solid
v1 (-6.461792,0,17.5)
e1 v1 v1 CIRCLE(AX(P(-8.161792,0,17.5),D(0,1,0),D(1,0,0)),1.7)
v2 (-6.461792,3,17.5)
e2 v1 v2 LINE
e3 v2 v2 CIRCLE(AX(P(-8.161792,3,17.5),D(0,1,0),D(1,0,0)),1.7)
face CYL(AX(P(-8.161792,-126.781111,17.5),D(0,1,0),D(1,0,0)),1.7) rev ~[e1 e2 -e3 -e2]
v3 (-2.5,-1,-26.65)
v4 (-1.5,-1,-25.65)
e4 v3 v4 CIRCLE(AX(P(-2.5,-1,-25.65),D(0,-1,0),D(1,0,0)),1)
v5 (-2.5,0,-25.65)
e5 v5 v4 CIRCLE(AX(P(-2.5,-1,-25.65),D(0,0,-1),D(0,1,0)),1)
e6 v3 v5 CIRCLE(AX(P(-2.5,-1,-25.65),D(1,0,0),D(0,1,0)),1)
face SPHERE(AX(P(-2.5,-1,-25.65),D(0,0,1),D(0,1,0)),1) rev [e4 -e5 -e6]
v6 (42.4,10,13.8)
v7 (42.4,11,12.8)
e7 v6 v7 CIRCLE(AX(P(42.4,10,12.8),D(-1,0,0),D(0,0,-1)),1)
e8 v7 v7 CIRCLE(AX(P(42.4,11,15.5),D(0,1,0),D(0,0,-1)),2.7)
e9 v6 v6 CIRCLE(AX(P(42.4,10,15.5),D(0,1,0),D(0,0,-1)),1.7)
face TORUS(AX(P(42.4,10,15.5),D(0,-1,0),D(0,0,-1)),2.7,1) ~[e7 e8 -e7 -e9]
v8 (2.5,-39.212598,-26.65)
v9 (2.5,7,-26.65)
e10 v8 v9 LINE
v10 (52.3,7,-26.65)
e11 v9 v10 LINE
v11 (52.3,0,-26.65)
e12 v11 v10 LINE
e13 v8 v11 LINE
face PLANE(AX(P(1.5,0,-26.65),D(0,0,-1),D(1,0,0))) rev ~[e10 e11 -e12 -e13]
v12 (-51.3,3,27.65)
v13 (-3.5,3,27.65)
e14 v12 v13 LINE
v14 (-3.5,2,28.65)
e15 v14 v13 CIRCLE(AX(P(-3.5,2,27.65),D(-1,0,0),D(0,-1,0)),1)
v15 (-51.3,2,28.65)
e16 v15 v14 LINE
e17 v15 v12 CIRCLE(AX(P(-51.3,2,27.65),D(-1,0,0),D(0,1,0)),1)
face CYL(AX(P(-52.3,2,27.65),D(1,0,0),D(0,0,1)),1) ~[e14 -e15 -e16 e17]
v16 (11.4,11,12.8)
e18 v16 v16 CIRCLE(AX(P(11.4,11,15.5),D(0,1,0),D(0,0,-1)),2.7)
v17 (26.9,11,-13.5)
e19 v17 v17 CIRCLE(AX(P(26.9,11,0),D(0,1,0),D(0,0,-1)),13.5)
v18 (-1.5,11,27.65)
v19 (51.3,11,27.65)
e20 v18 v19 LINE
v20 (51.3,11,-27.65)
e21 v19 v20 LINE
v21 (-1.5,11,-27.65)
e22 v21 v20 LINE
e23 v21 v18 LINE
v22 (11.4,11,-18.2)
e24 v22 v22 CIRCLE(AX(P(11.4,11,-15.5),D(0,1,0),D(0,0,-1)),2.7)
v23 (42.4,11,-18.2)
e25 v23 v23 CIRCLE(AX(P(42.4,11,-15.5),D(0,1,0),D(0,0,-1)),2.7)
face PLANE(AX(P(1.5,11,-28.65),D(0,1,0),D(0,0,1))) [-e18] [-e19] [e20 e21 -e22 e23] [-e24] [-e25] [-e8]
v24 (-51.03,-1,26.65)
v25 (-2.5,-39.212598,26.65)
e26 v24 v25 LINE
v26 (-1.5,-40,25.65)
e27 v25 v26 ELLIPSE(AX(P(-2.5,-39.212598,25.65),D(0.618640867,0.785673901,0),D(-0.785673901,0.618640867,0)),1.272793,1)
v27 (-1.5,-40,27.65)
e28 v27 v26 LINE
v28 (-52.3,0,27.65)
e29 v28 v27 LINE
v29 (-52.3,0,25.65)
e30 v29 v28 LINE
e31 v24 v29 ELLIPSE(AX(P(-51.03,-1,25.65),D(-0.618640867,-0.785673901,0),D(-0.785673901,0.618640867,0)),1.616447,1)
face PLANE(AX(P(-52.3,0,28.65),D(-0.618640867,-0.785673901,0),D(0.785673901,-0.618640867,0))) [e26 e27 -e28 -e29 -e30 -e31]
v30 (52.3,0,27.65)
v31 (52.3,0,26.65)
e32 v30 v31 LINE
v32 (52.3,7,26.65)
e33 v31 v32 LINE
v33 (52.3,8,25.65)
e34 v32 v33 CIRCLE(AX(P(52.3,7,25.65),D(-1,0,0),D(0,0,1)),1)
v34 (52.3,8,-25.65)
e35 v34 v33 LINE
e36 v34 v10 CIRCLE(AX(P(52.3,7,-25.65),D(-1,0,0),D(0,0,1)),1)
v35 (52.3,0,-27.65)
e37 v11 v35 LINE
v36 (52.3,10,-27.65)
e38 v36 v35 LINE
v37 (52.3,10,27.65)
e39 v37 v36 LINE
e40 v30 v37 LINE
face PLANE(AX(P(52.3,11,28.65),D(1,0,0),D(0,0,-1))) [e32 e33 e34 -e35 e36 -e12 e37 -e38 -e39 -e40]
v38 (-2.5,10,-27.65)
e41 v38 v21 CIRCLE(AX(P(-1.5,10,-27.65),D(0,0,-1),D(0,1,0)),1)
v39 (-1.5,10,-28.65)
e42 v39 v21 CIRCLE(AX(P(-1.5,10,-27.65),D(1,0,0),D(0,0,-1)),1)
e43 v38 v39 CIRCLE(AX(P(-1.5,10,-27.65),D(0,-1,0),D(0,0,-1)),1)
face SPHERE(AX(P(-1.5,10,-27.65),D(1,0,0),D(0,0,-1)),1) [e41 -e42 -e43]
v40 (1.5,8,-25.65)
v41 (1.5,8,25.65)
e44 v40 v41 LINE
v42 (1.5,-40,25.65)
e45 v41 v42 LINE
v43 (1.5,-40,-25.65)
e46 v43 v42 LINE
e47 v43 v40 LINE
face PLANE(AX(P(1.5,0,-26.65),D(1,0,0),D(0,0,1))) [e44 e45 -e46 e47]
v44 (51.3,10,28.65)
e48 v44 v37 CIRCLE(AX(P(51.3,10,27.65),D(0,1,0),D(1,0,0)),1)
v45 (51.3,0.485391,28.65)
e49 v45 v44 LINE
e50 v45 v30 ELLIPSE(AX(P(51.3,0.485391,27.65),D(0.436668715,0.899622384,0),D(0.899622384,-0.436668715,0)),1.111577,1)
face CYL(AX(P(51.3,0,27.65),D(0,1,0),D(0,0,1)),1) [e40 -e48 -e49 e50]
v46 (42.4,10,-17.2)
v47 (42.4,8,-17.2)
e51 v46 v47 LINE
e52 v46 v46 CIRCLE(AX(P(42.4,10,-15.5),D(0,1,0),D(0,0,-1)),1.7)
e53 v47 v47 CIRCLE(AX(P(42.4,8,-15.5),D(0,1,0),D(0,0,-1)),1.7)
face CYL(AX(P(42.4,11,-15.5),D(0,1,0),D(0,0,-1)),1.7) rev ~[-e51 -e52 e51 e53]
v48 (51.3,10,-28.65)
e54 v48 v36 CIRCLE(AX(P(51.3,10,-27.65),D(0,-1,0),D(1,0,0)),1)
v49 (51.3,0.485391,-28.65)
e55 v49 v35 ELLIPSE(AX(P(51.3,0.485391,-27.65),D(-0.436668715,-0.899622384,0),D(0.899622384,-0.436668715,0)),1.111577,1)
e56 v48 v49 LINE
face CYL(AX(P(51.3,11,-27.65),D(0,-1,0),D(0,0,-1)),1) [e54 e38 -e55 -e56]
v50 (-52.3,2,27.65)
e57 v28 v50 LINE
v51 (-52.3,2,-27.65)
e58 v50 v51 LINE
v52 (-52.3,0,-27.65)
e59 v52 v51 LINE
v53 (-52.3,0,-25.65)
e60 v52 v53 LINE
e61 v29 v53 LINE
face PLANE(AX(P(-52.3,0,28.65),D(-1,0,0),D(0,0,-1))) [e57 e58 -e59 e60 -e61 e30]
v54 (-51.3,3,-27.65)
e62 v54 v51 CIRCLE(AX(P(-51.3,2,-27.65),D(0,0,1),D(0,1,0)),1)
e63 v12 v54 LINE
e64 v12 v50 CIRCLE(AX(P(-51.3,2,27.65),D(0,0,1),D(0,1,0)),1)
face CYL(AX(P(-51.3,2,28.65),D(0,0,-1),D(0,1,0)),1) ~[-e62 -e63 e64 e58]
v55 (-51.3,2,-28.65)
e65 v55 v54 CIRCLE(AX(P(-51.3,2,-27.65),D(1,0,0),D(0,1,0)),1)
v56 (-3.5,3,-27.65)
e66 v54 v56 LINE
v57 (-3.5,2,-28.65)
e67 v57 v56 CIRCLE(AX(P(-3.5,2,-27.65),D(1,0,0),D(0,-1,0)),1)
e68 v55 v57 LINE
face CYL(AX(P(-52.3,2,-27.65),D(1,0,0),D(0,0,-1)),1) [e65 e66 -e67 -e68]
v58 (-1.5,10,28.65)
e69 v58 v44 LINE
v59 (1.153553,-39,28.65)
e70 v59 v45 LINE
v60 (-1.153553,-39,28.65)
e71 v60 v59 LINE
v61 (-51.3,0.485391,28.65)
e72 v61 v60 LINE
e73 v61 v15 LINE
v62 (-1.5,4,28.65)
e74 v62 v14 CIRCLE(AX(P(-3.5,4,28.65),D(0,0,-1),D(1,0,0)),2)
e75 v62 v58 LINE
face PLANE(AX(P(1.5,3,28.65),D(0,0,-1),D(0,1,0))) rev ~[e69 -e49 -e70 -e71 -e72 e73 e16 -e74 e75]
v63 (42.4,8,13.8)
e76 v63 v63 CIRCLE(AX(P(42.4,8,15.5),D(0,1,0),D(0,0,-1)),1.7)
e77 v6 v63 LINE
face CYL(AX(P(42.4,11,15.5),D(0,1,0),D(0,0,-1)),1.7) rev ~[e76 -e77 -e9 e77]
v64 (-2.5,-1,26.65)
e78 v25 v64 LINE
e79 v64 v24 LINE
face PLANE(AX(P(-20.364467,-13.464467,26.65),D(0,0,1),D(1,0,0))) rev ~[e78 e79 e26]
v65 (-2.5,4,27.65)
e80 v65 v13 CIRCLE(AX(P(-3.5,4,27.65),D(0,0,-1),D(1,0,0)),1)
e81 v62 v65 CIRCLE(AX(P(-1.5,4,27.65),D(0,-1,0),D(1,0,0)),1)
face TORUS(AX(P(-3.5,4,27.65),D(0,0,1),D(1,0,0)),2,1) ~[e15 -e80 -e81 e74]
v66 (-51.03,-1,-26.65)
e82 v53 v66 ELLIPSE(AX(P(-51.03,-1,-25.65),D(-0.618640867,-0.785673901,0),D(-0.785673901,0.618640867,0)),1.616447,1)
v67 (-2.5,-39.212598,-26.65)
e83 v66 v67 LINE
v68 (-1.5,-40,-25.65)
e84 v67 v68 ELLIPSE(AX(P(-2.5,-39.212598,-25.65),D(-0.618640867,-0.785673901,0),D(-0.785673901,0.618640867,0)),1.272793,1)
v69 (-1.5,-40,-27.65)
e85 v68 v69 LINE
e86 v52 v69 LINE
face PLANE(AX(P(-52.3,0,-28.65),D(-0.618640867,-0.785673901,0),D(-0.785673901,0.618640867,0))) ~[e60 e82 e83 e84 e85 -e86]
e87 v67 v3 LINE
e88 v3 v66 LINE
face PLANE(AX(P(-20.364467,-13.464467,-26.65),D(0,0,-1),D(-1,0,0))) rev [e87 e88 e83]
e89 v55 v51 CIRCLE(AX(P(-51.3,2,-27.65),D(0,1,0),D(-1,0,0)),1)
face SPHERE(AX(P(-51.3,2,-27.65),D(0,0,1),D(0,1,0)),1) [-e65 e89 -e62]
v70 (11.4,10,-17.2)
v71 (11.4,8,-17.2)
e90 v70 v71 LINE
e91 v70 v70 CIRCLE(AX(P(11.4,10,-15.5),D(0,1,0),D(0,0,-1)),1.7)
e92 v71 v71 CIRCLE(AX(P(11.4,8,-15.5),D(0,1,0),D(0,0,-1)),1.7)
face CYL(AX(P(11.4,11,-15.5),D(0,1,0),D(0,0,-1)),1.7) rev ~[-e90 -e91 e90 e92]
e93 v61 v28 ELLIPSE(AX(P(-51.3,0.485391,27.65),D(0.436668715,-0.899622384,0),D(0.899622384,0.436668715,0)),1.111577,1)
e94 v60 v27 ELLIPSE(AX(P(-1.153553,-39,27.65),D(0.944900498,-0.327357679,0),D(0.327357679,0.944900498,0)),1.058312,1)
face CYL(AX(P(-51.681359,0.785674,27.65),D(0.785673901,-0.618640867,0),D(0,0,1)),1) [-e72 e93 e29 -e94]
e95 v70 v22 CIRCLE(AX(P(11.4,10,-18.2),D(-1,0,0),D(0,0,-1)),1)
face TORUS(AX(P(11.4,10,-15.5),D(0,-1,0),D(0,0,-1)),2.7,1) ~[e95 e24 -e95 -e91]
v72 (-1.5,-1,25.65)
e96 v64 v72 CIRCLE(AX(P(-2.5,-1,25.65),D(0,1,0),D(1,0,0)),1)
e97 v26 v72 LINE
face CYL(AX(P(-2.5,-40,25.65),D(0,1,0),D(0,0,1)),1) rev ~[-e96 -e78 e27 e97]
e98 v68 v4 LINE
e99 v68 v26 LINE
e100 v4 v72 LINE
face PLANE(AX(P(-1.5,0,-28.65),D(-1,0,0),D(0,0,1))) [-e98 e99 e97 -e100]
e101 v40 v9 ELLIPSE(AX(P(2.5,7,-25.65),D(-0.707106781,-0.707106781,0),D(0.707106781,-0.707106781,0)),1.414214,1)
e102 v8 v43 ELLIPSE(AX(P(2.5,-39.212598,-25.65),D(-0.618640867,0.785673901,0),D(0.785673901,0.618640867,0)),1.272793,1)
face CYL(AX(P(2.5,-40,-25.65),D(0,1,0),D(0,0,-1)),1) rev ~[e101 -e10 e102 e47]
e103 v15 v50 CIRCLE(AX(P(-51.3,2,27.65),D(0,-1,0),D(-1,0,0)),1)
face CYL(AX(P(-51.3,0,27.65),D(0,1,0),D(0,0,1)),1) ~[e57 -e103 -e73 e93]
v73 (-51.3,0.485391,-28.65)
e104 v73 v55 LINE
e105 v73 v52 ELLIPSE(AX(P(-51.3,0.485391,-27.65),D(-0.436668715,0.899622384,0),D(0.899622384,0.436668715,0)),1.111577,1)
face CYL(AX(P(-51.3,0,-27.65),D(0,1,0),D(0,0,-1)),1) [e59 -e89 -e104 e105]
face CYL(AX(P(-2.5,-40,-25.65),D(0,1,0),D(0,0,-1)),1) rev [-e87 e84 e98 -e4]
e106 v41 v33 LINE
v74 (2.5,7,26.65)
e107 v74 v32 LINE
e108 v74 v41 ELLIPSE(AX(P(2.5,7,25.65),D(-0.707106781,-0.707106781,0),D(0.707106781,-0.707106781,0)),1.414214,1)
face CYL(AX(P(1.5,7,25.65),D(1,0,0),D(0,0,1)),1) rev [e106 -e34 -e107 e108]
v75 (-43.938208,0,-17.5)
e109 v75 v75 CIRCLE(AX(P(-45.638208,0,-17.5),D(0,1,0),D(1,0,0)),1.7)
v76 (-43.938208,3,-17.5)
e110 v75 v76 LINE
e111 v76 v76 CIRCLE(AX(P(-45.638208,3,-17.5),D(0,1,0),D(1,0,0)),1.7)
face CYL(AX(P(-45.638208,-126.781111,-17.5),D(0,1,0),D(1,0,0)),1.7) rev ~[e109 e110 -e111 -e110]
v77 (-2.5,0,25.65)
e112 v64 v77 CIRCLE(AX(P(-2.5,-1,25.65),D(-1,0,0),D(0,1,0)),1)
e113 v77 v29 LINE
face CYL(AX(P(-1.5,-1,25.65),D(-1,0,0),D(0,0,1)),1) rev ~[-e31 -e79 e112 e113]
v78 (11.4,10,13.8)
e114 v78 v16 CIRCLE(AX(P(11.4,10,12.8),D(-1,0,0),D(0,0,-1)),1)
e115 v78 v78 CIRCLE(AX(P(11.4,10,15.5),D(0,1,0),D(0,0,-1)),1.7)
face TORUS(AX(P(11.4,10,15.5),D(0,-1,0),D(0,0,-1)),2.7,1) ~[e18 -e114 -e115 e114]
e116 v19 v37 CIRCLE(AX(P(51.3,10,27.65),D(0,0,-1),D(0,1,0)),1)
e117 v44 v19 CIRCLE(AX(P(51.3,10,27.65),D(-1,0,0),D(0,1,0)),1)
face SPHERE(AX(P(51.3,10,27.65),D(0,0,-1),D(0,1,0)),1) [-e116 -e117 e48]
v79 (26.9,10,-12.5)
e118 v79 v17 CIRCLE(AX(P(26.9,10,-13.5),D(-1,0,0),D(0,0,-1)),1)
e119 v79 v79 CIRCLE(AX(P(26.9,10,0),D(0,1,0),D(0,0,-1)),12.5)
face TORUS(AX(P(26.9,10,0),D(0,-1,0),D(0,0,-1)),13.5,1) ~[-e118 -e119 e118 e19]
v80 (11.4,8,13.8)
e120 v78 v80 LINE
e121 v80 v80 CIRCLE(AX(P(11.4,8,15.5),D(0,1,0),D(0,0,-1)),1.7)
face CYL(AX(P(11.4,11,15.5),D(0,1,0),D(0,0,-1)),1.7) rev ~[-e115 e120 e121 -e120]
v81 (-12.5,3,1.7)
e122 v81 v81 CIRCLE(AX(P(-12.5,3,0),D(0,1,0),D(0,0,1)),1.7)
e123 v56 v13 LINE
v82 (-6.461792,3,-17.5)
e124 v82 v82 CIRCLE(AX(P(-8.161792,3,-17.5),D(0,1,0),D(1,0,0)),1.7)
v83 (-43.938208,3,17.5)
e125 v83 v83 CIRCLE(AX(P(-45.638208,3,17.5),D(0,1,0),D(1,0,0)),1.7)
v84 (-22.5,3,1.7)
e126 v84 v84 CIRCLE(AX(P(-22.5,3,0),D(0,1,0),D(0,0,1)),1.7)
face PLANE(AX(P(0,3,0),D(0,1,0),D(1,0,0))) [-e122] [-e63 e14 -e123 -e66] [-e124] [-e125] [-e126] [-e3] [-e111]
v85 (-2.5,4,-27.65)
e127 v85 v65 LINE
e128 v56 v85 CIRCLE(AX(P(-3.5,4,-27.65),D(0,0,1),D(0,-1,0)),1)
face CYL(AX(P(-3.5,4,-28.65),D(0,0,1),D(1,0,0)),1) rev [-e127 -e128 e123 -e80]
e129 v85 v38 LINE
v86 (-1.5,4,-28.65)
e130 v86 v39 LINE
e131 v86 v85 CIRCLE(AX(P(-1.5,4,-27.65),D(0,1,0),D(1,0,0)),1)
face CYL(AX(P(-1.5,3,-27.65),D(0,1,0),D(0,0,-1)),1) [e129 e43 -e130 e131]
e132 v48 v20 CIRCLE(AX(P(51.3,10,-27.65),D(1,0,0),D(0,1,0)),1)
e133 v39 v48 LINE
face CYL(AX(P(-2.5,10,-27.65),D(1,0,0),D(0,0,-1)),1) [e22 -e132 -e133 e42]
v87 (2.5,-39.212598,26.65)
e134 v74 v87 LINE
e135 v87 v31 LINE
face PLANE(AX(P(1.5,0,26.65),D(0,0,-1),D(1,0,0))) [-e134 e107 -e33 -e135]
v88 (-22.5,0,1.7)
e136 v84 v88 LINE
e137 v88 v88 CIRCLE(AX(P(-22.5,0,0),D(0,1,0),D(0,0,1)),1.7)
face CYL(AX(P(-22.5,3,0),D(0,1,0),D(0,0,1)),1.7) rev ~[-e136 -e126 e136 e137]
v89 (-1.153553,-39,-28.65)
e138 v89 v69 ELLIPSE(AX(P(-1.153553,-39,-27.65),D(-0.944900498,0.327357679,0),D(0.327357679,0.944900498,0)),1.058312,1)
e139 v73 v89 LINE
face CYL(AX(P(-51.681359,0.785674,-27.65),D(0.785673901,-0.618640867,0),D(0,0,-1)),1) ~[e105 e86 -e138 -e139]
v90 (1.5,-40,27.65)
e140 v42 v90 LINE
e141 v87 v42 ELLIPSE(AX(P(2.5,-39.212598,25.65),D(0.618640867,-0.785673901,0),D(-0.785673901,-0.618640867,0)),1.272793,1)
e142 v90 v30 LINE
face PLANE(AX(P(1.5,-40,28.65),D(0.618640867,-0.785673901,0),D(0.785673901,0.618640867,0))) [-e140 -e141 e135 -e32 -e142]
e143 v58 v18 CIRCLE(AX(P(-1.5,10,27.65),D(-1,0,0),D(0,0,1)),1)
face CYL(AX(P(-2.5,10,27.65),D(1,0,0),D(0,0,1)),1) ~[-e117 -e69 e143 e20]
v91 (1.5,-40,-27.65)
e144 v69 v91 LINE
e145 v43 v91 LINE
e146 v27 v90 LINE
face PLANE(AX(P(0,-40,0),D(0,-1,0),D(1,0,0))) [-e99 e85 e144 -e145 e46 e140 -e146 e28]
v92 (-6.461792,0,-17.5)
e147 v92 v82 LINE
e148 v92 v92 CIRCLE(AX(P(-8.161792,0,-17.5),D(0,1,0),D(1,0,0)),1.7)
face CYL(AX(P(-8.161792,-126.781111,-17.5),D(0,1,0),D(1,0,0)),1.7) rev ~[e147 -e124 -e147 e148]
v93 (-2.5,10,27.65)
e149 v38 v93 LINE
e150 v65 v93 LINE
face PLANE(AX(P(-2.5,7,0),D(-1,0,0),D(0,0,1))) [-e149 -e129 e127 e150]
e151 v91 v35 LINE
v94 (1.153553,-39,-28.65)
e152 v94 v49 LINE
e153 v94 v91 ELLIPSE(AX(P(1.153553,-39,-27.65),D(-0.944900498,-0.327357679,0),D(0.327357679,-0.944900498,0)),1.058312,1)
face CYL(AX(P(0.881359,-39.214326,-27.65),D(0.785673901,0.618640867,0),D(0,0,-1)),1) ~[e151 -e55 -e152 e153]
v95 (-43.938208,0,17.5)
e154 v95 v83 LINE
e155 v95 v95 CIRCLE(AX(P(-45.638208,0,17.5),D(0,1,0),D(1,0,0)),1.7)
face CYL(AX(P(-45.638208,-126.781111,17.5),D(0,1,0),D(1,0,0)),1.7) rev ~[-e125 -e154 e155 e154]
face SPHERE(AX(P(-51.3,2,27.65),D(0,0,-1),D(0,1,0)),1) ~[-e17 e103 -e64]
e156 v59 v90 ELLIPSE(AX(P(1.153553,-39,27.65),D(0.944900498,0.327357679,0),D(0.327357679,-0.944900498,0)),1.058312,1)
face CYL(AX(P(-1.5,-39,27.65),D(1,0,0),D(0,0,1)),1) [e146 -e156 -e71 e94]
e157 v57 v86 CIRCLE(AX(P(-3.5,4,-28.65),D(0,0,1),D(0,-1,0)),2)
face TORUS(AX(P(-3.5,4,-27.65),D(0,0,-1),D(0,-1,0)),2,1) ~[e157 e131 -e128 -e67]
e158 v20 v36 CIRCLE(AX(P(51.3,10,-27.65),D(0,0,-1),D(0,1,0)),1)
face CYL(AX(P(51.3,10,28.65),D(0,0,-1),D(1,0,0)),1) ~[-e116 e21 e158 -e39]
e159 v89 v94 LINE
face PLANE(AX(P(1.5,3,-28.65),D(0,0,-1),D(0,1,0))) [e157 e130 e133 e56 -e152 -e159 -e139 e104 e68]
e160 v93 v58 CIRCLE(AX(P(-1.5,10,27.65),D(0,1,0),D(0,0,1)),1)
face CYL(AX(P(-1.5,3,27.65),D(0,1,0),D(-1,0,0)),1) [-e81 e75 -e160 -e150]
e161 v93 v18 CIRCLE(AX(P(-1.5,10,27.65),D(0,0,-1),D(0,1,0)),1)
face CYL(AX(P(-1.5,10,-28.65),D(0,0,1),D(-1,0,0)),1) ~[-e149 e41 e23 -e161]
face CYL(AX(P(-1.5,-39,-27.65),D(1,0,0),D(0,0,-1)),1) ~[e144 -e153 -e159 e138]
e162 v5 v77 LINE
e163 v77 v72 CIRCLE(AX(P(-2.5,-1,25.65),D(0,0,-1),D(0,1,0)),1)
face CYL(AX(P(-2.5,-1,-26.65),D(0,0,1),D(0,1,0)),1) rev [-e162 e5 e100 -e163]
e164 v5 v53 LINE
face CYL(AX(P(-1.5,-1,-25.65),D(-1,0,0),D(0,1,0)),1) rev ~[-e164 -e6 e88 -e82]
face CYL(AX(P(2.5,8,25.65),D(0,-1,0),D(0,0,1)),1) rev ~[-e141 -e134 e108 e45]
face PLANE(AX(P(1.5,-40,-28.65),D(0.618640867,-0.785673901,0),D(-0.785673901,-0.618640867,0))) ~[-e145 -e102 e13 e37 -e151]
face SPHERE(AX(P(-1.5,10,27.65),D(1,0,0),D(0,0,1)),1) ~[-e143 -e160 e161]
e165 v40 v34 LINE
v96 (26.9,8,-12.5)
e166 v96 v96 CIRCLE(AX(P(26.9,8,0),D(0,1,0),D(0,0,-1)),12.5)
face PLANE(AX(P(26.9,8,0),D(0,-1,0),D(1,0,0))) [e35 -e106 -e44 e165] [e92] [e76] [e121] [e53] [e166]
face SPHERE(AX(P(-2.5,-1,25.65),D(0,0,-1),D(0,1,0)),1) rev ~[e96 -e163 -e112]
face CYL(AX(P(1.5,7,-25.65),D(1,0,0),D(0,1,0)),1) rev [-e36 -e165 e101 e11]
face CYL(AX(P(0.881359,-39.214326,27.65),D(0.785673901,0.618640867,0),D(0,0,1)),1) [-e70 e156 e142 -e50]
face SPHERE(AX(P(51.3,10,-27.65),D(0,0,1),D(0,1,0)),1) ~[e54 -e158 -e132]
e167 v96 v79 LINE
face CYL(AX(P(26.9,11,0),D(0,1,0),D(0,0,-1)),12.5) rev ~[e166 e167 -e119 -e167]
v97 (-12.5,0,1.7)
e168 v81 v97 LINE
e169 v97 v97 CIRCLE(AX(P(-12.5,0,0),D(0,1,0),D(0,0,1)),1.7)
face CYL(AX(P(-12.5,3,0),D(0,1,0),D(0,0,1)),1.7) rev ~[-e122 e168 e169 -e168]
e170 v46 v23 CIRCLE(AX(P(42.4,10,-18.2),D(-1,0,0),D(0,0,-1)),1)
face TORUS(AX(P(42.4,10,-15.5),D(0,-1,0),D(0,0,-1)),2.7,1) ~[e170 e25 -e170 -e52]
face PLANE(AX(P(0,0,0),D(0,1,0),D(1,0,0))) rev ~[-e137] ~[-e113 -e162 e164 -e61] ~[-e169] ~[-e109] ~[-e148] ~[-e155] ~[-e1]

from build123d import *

# Parameters (mm, degrees)
SKETCH1_W            = 104.6
SKETCH1_H            = 57.3
BOSS_EXTRUDE1_DEPTH  = 3
SKETCH3_W            = 3
SKETCH3_H            = 57.3
BOSS_EXTRUDE3_DEPTH  = 40
M3_CLEARANCE_HOLE1_D = 3.4
BOSS_EXTRUDE4_DEPTH  = 2
SKETCH11_R           = 12.5
CUT_EXTRUDE1_DEPTH   = 72.806075648
M3_CLEARANCE_HOLE3_D = 3.4
SKETCH14_R           = 1.7
CUT_EXTRUDE2_DEPTH   = 74.51947021
BOSS_EXTRUDE5_START  = 8
SKETCH16_W           = 50.8
SKETCH16_H           = 57.3
SKETCH16_R           = 12.5
SKETCH16_R_2         = 1.7
BOSS_EXTRUDE5_DEPTH  = 8
SKETCH17_W           = 50.8
SKETCH17_H           = 53.3
CUT_EXTRUDE3_DEPTH   = 8
SKETCH18_W           = 57.3
SKETCH18_H           = 8
BOSS_EXTRUDE6_DEPTH  = 4
FILLET1_R            = 1


with BuildPart() as part:
    # Sketch1 → Boss-Extrude1 (new body)
    with BuildSketch(Plane(origin=(0, 0, 0), x_dir=(1, 0, 0), z_dir=(0, 1, 0))):
        Rectangle(SKETCH1_W, SKETCH1_H)
    extrude(amount=BOSS_EXTRUDE1_DEPTH)

    # Sketch3 → Boss-Extrude3 (add)
    with BuildSketch(Plane.XZ):
        Rectangle(SKETCH3_W, SKETCH3_H)
    extrude(amount=BOSS_EXTRUDE3_DEPTH)

    # M3 Clearance Hole1 (through all)
    with Locations(Plane(origin=(0, 0, 0), x_dir=(-1, 0, 0), z_dir=(0, -1, 0))):
        with Locations((-11.4, -15.5), (-42.4, 15.5), (-42.4, -15.5), (-11.4, 15.5)):
            Hole(M3_CLEARANCE_HOLE1_D / 2)

    # Sketch10 → Boss-Extrude4 (add)
    with BuildSketch(Plane.XY.offset(28.65)):
        Polygon((-52.3, 0), (-1.5, -40), (-1.5, 0), align=None)
        Polygon((1.5, -40), (52.3, 0), (1.5, 0), align=None)
    boss_extrude4 = extrude(amount=-BOSS_EXTRUDE4_DEPTH)

    # Mirror1: Boss-Extrude4 across plane
    add(boss_extrude4.mirror(Plane(origin=(0, 0, 0), x_dir=(1, 0, 0), z_dir=(0, 0, -1))))

    # Sketch11 → Cut-Extrude1 (cut, through all)
    with BuildSketch(Plane.XZ):
        with Locations(Location((26.9, 0, 0), (0, 0, 270))):
            Circle(SKETCH11_R)
    extrude(amount=-CUT_EXTRUDE1_DEPTH, mode=Mode.SUBTRACT)

    # M3 Clearance Hole3 (through all)
    with Locations(Plane(origin=(0, 0, 0), x_dir=(-1, 0, 0), z_dir=(0, -1, 0))):
        with Locations((45.638207547, -17.5), (8.161792453, 17.5), (8.161792453, -17.5), (45.638207547, 17.5)):
            Hole(M3_CLEARANCE_HOLE3_D / 2)

    # Sketch14 → Cut-Extrude2 (cut, through all)
    with BuildSketch(Plane(origin=(0, 3, 0), x_dir=(1, 0, 0), z_dir=(0, 1, 0))):
        with Locations(Location((-22.5, 4e-09, 0), (0, 0, 270))):
            Circle(SKETCH14_R)
        with Locations(Location((-12.5, 4e-09, 0), (0, 0, 270))):
            Circle(SKETCH14_R)
    extrude(amount=-CUT_EXTRUDE2_DEPTH, mode=Mode.SUBTRACT)

    # Sketch16 → Boss-Extrude5 (add)
    with BuildSketch(Plane(origin=(0, 3, 0), x_dir=(1, 0, 0), z_dir=(0, 1, 0)).offset(BOSS_EXTRUDE5_START)):
        with Locations((26.9, 0)):
            Rectangle(SKETCH16_W, SKETCH16_H)
        with Locations(Location((26.9, 0, 0), (0, 0, 90))):
            Circle(SKETCH16_R, mode=Mode.SUBTRACT)
        with Locations(Location((42.4, 15.5, 0), (0, 0, 90))):
            Circle(SKETCH16_R_2, mode=Mode.SUBTRACT)
        with Locations(Location((42.4, -15.5, 0), (0, 0, 90))):
            Circle(SKETCH16_R_2, mode=Mode.SUBTRACT)
        with Locations(Location((11.4, -15.5, 0), (0, 0, 90))):
            Circle(SKETCH16_R_2, mode=Mode.SUBTRACT)
        with Locations(Location((11.4, 15.5, 0), (0, 0, 90))):
            Circle(SKETCH16_R_2, mode=Mode.SUBTRACT)
    extrude(amount=-BOSS_EXTRUDE5_DEPTH)

    # Sketch17 → Cut-Extrude3 (cut)
    with BuildSketch(Plane.XZ):
        with Locations((26.9, 0)):
            Rectangle(SKETCH17_W, SKETCH17_H)
    extrude(amount=-CUT_EXTRUDE3_DEPTH, mode=Mode.SUBTRACT)

    # Sketch18 → Boss-Extrude6 (add)
    with BuildSketch(Plane.ZY.offset(-1.5)):
        with Locations((0, 7)):
            Rectangle(SKETCH18_W, SKETCH18_H)
    extrude(amount=BOSS_EXTRUDE6_DEPTH)

    # Fillet1
    fillet1_edges = [part.edges().sort_by_distance(p)[0] for p in [
        (52.3, 11, 0),
        (24.9, 11, -28.65),
        (24.9, 11, 28.65),
        (-52.3, 3, 0),
        (26.9, 11, 12.5),
        (42.4, 11, -13.8),
        (42.4, 11, 17.2),
        (11.4, 11, 17.2),
        (11.4, 11, -13.8),
        (26.9, 8, 26.65),
        (26.9, 8, -26.65),
        (-27.4, 3, 28.65),
        (0, -40, -28.65),
        (-27.4, 3, -28.65),
        (-2.5, 7, -28.65),
        (-2.5, 3, 0),
        (-2.5, 7, 28.65),
        (-2.5, 11, 0),
        (0, -40, 28.65),
        (-1.5, 0, 0),
        (-26.9, 0, 26.65),
        (-1.5, -20, 26.65),
        (-26.9, -20, 28.65),
        (1.5, -16, 26.65),
        (26.9, -20, 28.65),
        (-26.9, -20, -28.65),
        (-26.9, 0, -26.65),
        (-1.5, -20, -26.65),
        (52.3, 5.5, 28.65),
        (-52.3, 1.5, 28.65),
        (26.9, -20, -28.65),
        (-52.3, 1.5, -28.65),
        (1.5, -16, -26.65),
        (52.3, 5.5, -28.65),
    ]]
    fillet(fillet1_edges, radius=FILLET1_R)


solid = part.part
